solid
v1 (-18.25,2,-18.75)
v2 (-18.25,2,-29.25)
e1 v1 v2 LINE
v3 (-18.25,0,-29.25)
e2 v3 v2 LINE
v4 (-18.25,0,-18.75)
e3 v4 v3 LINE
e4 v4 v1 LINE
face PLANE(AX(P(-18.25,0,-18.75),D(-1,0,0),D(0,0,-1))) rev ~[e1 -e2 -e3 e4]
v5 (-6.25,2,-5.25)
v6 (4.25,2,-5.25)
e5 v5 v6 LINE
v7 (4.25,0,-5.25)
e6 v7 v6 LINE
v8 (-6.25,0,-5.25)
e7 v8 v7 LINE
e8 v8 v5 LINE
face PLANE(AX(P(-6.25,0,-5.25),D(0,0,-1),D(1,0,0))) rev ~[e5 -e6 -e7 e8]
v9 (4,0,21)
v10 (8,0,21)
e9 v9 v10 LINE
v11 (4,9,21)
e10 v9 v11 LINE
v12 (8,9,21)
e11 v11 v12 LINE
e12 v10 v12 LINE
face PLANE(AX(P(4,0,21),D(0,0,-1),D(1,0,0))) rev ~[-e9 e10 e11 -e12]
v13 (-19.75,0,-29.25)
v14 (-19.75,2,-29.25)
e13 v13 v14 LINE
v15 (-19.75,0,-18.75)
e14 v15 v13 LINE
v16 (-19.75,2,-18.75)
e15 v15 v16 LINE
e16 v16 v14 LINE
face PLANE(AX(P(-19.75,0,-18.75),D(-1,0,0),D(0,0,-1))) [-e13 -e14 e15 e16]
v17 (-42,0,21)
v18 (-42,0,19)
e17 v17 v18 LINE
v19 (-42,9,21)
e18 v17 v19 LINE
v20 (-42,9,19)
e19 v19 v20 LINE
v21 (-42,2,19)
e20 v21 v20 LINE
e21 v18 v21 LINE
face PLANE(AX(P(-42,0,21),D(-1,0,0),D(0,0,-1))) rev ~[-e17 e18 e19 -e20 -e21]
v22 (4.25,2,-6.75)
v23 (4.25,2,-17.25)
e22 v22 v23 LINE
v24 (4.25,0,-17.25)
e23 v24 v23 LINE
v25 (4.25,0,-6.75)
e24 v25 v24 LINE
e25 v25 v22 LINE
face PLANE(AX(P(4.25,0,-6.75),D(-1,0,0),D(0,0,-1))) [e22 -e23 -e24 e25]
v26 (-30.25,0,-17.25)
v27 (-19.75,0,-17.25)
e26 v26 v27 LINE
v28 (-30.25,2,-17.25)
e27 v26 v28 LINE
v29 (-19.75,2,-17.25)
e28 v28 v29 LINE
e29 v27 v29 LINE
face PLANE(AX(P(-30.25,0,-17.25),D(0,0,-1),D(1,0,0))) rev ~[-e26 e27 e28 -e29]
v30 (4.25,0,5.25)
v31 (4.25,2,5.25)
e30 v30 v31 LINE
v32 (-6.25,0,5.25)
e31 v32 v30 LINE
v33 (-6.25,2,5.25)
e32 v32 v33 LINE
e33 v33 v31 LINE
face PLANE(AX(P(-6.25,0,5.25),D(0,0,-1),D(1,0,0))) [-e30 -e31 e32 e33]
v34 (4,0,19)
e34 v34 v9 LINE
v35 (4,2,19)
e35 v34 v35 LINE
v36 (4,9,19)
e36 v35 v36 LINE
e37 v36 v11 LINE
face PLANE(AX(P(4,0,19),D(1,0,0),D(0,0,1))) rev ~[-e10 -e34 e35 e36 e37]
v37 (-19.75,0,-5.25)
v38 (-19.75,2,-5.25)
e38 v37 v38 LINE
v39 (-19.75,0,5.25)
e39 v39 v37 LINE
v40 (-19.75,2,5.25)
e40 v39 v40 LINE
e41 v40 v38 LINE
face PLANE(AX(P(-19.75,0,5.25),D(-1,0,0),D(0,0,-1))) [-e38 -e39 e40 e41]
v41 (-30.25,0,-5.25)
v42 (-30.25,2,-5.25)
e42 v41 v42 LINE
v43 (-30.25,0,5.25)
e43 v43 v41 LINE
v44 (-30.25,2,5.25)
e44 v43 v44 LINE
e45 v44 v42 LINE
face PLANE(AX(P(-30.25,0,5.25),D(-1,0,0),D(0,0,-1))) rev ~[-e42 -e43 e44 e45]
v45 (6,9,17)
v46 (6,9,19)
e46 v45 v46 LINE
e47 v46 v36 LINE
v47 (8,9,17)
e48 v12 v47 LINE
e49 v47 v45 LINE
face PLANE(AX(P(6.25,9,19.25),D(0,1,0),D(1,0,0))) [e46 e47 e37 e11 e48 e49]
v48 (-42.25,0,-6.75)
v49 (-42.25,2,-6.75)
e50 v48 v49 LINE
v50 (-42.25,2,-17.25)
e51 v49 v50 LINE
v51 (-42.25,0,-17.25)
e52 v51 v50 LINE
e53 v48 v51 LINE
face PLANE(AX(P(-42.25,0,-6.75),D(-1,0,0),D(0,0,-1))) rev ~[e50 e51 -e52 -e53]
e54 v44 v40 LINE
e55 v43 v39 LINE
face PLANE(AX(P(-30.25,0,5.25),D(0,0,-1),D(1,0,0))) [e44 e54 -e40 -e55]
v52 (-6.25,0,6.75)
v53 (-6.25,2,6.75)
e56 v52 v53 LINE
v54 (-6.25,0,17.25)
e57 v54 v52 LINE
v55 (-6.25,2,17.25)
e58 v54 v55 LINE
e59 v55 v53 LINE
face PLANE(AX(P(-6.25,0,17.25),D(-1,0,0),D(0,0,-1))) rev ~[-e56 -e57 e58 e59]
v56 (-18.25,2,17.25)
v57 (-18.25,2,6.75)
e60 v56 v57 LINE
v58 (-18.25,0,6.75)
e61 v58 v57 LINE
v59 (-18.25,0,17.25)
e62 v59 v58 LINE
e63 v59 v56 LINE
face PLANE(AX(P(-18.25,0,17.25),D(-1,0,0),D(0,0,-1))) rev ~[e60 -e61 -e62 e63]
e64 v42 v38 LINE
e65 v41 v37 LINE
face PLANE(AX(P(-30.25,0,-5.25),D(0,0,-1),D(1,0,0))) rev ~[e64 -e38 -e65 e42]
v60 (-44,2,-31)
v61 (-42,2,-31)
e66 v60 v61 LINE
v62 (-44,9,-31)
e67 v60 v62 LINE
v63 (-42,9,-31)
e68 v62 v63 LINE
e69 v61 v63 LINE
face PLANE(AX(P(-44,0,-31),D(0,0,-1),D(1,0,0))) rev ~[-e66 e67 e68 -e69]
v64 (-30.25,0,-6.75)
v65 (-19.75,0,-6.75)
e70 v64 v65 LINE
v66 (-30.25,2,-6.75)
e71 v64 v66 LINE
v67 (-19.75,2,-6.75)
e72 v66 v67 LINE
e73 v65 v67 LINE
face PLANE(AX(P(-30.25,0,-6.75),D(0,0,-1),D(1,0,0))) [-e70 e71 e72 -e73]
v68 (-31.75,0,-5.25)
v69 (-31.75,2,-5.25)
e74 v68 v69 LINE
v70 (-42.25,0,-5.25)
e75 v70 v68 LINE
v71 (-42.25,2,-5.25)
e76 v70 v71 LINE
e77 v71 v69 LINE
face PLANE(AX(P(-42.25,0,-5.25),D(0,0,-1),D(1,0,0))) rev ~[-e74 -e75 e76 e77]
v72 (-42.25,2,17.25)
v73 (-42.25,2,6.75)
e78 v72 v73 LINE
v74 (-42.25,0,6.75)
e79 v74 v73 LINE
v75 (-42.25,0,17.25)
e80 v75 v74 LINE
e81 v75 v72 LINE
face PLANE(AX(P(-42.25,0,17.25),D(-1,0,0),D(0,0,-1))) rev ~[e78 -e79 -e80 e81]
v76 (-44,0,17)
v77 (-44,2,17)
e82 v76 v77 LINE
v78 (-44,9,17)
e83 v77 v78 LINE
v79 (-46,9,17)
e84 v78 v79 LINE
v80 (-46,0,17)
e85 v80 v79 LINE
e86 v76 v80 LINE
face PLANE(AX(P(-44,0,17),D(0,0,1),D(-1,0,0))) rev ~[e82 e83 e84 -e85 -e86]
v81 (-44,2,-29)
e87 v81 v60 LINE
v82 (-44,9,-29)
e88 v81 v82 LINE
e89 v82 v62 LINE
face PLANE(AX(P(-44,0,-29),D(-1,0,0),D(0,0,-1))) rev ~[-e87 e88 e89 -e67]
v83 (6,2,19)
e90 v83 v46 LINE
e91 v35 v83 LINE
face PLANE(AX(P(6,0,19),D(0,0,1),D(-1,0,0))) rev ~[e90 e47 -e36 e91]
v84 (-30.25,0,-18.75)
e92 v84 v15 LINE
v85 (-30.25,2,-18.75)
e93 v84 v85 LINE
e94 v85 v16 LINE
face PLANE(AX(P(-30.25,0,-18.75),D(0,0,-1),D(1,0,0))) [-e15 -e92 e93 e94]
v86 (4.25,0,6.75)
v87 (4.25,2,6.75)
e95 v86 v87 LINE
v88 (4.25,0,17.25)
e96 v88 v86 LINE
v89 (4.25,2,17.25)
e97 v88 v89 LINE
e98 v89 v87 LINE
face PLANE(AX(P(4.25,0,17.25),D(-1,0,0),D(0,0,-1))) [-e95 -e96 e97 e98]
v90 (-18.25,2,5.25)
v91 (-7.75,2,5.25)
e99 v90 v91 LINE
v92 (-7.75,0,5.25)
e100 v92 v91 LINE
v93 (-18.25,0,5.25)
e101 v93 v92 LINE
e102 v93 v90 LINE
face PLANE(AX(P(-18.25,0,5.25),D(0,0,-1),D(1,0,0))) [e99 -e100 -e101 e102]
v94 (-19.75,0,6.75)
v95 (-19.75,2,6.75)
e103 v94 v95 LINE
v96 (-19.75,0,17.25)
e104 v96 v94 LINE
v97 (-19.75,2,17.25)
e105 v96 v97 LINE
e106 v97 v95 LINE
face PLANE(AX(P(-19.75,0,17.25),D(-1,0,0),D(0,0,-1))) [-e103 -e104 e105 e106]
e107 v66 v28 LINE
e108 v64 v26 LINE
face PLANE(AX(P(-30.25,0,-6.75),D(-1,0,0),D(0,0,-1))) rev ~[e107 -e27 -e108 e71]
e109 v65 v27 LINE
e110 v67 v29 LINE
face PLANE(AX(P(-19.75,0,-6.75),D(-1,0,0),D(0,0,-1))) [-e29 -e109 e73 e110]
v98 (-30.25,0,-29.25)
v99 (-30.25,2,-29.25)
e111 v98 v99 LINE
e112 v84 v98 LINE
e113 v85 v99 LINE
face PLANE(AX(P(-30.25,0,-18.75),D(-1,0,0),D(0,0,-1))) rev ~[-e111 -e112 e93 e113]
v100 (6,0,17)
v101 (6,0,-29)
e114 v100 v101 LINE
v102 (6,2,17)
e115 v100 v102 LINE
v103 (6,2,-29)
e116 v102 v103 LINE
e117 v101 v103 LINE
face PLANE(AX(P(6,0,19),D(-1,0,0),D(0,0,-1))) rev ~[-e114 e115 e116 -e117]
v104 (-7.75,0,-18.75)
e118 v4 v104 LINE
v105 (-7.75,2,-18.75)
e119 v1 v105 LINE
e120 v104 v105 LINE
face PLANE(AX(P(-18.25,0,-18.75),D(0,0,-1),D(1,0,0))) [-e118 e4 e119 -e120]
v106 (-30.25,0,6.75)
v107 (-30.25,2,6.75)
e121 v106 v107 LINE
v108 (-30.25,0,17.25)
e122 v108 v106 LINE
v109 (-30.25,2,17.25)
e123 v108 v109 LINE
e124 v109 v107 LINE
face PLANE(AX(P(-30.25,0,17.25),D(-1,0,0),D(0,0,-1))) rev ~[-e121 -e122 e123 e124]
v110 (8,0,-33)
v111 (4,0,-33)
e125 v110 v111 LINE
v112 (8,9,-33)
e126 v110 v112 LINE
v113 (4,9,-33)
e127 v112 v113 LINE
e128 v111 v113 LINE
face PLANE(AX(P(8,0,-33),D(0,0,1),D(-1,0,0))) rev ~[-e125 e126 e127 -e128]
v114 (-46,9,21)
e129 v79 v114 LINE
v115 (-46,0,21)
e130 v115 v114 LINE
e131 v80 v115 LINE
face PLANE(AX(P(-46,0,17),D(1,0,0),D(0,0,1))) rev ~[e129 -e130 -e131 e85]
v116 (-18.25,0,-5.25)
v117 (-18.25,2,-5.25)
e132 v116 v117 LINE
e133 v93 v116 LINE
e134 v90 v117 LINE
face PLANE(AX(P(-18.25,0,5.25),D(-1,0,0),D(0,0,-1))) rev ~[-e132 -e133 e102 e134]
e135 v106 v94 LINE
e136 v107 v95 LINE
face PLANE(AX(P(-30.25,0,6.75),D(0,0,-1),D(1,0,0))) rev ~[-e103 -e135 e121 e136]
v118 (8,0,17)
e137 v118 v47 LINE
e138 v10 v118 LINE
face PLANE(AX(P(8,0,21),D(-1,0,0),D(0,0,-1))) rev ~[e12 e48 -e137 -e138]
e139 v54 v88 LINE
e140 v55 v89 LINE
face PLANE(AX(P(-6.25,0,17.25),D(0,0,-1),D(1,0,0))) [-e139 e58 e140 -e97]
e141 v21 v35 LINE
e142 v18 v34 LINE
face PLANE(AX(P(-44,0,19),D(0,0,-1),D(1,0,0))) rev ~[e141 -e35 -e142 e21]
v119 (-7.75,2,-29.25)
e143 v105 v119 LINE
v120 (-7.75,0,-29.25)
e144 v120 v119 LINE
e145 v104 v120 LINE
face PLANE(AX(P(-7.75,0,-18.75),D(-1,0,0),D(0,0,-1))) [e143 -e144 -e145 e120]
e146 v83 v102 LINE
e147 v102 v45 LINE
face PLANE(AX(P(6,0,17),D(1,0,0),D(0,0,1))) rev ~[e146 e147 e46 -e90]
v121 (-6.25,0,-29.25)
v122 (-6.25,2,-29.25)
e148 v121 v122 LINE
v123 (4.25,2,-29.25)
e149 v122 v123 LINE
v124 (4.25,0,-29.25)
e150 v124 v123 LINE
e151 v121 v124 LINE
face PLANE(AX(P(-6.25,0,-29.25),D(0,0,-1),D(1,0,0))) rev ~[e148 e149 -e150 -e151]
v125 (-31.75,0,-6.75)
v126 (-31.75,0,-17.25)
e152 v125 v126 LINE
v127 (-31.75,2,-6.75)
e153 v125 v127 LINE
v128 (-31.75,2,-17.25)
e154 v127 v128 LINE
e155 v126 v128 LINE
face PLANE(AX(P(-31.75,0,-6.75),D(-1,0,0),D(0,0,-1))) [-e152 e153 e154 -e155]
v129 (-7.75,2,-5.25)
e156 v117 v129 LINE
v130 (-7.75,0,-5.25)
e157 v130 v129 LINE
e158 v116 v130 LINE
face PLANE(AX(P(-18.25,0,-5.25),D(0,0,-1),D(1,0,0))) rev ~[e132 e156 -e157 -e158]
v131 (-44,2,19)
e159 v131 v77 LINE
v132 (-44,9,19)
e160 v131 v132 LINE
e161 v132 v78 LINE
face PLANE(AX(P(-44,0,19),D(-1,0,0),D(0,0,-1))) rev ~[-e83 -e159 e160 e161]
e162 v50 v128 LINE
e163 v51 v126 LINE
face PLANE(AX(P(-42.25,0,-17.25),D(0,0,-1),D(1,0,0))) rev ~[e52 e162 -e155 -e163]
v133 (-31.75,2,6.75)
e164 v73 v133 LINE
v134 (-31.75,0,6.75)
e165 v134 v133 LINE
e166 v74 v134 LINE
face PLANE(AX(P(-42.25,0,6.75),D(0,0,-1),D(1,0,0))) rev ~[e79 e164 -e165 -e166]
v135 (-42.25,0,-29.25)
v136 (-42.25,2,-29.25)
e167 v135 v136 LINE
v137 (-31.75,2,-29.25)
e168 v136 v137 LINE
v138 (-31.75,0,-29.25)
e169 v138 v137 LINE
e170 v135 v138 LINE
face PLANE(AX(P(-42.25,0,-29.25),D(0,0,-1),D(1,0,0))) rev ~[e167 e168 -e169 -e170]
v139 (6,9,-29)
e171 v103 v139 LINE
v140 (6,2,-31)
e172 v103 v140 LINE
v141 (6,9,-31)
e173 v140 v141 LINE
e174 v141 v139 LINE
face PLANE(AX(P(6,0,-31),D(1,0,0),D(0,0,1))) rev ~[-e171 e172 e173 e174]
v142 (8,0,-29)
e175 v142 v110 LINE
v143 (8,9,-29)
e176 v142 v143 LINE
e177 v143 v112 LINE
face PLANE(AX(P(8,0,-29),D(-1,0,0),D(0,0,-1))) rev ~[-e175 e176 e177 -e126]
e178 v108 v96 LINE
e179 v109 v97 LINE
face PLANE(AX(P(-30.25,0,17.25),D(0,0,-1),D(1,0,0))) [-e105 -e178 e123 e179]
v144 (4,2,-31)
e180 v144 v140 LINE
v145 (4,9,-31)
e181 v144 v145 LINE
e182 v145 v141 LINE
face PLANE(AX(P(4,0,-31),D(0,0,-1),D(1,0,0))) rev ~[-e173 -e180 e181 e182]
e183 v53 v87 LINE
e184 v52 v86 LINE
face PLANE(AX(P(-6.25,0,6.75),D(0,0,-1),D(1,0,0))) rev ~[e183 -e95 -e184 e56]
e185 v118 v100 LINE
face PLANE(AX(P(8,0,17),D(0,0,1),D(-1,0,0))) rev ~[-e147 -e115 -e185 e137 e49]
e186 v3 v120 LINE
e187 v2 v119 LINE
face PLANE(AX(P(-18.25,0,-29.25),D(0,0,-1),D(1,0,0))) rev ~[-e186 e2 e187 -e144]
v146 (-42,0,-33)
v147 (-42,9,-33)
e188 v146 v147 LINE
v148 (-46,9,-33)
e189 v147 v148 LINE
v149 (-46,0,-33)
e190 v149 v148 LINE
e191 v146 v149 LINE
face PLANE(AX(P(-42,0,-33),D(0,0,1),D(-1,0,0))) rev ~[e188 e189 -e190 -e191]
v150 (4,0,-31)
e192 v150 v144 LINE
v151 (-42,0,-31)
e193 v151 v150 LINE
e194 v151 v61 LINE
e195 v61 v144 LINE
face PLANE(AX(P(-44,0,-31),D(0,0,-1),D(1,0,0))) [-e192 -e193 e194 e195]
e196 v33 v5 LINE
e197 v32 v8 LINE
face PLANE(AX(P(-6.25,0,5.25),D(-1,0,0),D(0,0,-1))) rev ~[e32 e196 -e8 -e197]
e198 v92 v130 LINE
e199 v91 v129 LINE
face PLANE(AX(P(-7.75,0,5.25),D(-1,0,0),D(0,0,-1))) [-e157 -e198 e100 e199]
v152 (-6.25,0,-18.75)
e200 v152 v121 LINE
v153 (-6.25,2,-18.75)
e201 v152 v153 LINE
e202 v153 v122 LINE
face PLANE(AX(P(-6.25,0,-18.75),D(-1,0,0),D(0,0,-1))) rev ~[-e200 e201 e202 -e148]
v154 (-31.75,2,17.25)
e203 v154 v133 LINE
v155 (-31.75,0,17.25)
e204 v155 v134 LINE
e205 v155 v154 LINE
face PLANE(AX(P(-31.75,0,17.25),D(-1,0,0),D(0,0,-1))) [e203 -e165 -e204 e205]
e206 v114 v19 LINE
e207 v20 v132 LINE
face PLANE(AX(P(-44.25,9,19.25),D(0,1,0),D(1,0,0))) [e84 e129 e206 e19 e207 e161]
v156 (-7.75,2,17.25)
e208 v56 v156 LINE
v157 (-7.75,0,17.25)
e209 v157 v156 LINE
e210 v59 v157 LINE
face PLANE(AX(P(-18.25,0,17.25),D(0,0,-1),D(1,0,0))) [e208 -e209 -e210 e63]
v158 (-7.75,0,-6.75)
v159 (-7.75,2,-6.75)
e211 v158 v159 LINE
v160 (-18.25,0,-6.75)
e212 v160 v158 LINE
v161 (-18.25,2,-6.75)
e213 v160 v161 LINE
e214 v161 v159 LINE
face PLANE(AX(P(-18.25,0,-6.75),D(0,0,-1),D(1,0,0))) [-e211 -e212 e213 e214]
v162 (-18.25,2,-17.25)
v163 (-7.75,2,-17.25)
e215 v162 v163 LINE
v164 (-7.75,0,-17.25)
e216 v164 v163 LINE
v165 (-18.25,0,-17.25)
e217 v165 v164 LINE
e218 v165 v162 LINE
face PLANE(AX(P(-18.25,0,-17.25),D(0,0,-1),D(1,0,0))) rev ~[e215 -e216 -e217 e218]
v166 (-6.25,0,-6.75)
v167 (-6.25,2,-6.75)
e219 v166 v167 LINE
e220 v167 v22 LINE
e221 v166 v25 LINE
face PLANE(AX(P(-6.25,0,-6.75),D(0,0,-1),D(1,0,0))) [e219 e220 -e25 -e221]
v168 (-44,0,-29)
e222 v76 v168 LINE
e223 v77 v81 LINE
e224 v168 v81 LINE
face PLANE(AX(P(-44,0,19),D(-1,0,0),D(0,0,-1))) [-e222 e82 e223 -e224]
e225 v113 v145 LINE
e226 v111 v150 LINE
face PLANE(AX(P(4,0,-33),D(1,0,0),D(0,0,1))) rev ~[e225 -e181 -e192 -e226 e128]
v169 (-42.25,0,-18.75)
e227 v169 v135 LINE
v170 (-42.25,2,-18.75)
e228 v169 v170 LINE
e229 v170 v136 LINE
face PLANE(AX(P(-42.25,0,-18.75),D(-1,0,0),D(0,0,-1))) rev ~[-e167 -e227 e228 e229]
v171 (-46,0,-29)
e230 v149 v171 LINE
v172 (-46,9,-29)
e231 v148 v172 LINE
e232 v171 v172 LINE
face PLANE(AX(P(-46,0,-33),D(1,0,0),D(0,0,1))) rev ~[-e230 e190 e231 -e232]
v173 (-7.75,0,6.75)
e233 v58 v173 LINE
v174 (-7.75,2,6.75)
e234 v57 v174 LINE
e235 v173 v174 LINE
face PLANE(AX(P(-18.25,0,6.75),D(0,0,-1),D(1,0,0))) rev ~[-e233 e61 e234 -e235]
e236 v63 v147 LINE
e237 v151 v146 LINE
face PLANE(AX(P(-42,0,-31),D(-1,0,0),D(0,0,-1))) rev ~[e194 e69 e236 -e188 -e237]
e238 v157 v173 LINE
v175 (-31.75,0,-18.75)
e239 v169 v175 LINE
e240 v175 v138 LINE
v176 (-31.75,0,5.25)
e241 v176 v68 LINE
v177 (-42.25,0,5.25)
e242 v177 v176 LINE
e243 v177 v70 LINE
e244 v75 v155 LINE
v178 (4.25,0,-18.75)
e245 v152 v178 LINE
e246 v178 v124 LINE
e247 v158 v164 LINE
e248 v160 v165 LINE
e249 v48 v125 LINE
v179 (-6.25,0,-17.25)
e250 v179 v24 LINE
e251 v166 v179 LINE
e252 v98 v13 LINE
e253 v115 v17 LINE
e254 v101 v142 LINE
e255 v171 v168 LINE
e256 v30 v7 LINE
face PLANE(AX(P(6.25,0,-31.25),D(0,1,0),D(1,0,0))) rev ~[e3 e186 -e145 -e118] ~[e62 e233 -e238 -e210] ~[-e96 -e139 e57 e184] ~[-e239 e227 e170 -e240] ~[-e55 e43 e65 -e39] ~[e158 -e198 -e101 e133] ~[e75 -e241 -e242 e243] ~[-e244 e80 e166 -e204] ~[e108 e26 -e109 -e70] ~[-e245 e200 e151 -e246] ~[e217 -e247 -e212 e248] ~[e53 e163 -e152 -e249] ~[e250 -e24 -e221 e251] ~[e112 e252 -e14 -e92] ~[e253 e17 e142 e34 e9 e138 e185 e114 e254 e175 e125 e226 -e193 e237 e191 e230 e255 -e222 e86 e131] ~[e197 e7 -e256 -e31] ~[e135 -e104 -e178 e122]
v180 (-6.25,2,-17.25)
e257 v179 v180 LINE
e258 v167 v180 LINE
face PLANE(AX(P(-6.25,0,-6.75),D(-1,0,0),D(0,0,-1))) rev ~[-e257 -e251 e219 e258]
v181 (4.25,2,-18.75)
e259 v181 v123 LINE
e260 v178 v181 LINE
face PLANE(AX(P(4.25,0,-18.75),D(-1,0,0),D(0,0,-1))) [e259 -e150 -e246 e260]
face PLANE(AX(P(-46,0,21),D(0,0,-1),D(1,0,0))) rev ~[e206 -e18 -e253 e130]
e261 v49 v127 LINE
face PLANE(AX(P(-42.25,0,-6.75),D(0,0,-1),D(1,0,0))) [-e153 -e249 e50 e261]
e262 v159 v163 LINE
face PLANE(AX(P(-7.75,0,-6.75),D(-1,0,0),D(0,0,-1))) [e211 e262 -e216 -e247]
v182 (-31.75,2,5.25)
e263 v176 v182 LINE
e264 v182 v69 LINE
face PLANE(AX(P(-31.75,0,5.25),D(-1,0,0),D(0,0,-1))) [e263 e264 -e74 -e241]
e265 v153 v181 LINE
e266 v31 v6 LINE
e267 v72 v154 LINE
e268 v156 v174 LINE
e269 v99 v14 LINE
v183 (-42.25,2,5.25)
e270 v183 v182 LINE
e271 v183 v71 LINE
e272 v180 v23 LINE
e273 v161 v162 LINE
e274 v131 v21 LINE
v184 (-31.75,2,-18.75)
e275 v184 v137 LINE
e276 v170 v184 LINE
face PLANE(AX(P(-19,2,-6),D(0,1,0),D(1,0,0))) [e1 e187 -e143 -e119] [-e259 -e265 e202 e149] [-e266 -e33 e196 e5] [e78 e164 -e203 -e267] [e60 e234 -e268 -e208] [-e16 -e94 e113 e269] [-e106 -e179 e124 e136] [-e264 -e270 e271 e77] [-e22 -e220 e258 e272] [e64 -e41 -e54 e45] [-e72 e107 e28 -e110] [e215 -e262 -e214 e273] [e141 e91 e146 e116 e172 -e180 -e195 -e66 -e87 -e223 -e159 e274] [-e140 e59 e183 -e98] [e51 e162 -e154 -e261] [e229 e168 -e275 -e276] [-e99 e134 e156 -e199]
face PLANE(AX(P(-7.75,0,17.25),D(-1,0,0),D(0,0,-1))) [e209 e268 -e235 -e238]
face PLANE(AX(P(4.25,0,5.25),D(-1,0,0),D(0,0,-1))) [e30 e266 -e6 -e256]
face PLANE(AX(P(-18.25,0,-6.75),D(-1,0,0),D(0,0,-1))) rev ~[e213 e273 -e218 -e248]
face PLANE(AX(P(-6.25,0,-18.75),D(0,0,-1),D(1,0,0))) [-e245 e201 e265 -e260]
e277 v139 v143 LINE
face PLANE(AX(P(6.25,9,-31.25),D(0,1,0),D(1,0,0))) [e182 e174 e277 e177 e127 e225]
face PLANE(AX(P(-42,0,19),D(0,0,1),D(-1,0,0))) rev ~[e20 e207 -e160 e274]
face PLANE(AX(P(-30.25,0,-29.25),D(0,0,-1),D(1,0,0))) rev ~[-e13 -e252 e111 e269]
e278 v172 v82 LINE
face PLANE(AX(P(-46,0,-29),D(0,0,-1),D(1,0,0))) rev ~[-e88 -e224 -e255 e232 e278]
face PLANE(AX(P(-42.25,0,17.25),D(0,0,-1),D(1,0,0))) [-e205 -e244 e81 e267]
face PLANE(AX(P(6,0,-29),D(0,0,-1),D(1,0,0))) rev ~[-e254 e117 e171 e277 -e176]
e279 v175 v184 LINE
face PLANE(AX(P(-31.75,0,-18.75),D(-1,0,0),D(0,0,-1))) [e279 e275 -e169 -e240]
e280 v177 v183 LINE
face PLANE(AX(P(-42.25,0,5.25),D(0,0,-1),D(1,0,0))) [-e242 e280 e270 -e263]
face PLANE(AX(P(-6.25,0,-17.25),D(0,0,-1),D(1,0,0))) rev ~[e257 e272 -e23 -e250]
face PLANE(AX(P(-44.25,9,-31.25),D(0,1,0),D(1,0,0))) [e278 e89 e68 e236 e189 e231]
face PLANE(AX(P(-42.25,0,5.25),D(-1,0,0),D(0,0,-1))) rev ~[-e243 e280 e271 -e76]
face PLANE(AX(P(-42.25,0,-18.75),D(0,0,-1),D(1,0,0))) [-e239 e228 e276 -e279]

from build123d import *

# Parameters (mm, degrees)
SKETCH1_W           = 10.5
SKETCH1_H           = 10.5
BOSS_EXTRUDE1_DEPTH = 2
BOSS_EXTRUDE2_DEPTH = 9


with BuildPart() as part:
    # Sketch1 → Boss-Extrude1 (new body)
    with BuildSketch(Plane(origin=(0, 0, 0), x_dir=(1, 0, 0), z_dir=(0, 1, 0))):
        Polygon((4, 31), (-42, 31), (-44, 31), (-44, 29), (-44, -17), (-44, -19), (-42, -19), (4, -19), (6, -19), (6, -17), (6, 29), (6, 31), align=None)
        with Locations((-37, -12)):
            Rectangle(SKETCH1_W, SKETCH1_H, mode=Mode.SUBTRACT)
        with Locations((-25, -12)):
            Rectangle(SKETCH1_W, SKETCH1_H, mode=Mode.SUBTRACT)
        with Locations((-37, 0)):
            Rectangle(SKETCH1_W, SKETCH1_H, mode=Mode.SUBTRACT)
        with Locations((-25, 0)):
            Rectangle(SKETCH1_W, SKETCH1_H, mode=Mode.SUBTRACT)
        with Locations((-13, -12)):
            Rectangle(SKETCH1_W, SKETCH1_H, mode=Mode.SUBTRACT)
        with Locations((-1, -12)):
            Rectangle(SKETCH1_W, SKETCH1_H, mode=Mode.SUBTRACT)
        with Locations((-13, 0)):
            Rectangle(SKETCH1_W, SKETCH1_H, mode=Mode.SUBTRACT)
        with Locations((-1, 0)):
            Rectangle(SKETCH1_W, SKETCH1_H, mode=Mode.SUBTRACT)
        with Locations((-37, 12)):
            Rectangle(SKETCH1_W, SKETCH1_H, mode=Mode.SUBTRACT)
        with Locations((-25, 12)):
            Rectangle(SKETCH1_W, SKETCH1_H, mode=Mode.SUBTRACT)
        with Locations((-37, 24)):
            Rectangle(SKETCH1_W, SKETCH1_H, mode=Mode.SUBTRACT)
        with Locations((-25, 24)):
            Rectangle(SKETCH1_W, SKETCH1_H, mode=Mode.SUBTRACT)
        with Locations((-13, 12)):
            Rectangle(SKETCH1_W, SKETCH1_H, mode=Mode.SUBTRACT)
        with Locations((-1, 12)):
            Rectangle(SKETCH1_W, SKETCH1_H, mode=Mode.SUBTRACT)
        with Locations((-13, 24)):
            Rectangle(SKETCH1_W, SKETCH1_H, mode=Mode.SUBTRACT)
        with Locations((-1, 24)):
            Rectangle(SKETCH1_W, SKETCH1_H, mode=Mode.SUBTRACT)
    extrude(amount=BOSS_EXTRUDE1_DEPTH)

    # Sketch1<32> → Boss-Extrude2 (add)
    with BuildSketch(Plane(origin=(0, 0, 0), x_dir=(1, 0, 0), z_dir=(0, 1, 0))):
        Polygon((-44, 31), (-42, 31), (-42, 33), (-46, 33), (-46, 29), (-44, 29), align=None)
        Polygon((4, 33), (4, 31), (6, 31), (6, 29), (8, 29), (8, 33), align=None)
        Polygon((-44, -19), (-44, -17), (-46, -17), (-46, -21), (-42, -21), (-42, -19), align=None)
        Polygon((8, -17), (6, -17), (6, -19), (4, -19), (4, -21), (8, -21), align=None)
    extrude(amount=BOSS_EXTRUDE2_DEPTH)


solid = part.part
